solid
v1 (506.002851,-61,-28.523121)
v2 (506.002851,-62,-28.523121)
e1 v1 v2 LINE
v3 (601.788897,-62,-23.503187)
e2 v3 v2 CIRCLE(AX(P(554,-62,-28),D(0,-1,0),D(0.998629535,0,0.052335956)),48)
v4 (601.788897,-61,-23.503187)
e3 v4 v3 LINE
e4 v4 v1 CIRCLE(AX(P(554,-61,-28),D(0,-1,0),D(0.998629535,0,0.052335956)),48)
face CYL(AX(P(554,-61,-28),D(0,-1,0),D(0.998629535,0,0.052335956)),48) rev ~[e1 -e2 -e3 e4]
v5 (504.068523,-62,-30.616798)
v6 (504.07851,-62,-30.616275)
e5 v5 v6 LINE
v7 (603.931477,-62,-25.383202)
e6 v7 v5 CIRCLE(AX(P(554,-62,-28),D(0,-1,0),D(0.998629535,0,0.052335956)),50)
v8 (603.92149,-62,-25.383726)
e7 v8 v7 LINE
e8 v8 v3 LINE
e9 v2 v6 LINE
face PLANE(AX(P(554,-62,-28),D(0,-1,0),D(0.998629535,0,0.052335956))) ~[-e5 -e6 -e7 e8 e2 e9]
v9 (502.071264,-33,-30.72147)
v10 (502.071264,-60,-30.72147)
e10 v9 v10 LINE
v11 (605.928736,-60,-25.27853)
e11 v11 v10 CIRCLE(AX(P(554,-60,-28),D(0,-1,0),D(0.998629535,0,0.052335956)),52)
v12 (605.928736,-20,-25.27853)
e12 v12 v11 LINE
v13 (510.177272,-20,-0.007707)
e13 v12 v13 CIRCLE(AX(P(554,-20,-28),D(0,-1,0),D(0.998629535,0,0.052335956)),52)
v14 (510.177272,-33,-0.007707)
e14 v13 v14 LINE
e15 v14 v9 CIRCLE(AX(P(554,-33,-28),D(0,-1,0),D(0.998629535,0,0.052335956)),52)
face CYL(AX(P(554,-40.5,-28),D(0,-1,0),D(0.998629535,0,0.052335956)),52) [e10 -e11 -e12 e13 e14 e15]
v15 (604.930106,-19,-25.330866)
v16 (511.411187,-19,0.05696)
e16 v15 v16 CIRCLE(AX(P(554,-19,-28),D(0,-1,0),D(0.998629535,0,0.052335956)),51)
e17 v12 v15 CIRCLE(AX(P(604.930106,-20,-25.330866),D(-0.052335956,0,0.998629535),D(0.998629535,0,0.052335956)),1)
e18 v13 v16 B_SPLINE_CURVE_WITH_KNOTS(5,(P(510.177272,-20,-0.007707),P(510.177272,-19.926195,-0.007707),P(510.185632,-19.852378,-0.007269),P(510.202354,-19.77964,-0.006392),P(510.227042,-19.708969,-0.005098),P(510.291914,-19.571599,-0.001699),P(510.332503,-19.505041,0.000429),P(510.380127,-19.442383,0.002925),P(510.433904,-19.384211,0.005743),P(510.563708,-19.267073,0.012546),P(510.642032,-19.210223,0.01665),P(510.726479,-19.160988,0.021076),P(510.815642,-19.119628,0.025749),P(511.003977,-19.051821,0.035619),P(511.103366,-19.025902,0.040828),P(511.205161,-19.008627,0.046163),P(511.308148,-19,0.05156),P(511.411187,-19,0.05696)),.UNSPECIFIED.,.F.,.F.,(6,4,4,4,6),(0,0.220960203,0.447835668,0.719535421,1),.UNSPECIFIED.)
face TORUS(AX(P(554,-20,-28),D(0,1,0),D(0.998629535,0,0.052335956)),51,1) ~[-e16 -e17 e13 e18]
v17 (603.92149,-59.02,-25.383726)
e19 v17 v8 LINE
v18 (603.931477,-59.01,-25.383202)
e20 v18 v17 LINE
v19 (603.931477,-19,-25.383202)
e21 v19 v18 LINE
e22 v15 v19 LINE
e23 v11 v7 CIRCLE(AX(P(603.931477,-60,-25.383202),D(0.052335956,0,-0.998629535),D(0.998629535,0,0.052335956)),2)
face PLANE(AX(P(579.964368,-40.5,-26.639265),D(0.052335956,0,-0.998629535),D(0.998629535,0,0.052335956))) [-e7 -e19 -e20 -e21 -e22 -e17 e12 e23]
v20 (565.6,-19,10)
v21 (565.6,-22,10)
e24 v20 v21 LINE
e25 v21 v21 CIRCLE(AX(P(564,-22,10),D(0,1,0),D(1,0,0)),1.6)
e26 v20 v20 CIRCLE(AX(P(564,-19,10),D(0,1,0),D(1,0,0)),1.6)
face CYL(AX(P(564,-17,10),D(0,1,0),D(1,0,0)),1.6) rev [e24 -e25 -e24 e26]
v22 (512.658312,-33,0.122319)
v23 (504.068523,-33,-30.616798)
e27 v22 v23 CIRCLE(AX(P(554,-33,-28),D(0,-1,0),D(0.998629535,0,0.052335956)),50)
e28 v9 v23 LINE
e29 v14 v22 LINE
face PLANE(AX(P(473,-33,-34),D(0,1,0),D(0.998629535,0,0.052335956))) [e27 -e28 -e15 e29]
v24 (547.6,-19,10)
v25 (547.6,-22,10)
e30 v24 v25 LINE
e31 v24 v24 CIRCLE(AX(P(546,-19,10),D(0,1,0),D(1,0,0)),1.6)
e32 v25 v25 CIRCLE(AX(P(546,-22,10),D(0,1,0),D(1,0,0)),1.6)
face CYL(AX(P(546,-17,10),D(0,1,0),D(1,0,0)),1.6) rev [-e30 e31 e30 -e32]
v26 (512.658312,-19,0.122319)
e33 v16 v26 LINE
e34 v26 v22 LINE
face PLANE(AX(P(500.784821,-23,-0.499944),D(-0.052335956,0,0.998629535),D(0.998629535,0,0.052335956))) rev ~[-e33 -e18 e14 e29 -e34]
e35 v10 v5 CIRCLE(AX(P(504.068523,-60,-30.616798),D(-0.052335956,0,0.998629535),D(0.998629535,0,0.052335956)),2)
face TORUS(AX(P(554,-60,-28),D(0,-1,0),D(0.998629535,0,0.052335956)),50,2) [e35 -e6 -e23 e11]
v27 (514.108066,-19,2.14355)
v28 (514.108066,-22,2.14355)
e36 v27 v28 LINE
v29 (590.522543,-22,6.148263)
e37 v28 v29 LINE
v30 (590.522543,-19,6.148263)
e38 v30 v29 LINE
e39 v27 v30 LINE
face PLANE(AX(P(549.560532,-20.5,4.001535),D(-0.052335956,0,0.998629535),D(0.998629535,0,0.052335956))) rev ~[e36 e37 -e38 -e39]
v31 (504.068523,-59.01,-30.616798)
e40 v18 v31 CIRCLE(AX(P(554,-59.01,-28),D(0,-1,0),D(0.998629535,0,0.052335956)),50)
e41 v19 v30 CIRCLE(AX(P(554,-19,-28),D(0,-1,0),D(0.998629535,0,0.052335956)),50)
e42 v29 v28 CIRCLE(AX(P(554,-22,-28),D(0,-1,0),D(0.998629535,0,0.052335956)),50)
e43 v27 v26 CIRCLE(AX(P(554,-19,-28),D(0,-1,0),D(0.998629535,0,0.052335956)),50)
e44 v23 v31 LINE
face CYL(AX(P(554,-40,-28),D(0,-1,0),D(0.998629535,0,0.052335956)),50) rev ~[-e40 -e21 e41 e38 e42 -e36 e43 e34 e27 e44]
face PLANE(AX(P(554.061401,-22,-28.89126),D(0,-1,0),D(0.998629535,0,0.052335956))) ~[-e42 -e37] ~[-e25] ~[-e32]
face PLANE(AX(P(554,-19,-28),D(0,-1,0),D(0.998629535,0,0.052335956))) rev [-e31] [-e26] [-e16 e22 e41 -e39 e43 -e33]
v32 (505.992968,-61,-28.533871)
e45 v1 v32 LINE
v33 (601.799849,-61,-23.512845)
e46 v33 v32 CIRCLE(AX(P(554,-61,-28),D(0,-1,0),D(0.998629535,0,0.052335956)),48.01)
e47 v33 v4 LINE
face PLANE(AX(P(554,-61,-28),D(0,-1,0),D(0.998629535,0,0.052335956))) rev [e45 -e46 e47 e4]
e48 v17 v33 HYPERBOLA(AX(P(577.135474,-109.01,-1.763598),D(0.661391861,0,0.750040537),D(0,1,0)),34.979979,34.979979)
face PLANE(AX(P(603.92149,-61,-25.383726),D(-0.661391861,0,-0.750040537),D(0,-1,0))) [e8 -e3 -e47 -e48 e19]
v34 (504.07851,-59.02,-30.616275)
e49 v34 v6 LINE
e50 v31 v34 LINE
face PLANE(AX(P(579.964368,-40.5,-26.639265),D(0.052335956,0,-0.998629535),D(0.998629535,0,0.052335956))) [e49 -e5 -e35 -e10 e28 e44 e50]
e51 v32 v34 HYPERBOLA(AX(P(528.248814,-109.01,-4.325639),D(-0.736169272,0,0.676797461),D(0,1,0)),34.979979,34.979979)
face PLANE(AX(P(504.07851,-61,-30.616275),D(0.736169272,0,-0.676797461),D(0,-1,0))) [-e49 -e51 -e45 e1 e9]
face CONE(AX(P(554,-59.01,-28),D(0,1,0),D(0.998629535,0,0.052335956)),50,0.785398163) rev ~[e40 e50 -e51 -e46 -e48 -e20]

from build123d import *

# Parameters (mm, degrees)
BOX331_W                = 59
BOX331_H                = 20
BOX331_DEPTH            = 32
BOX331_PLACEMENT_ANGLE  = 3
CYLINDER467_R           = 1.6
CYLINDER467_DEPTH       = 9
CYLINDER469_R           = 1.6
CYLINDER469_DEPTH       = 9
BOX332_W                = 128
BOX332_H                = 3
BOX332_DEPTH            = 35
BOX332_PLACEMENT_ANGLE  = 3
CYLINDER475_W           = 52
CYLINDER475_H           = 3
CYLINDER475_ANGLE       = 180
CYLINDER475_ROLL_ANGLE  = 90
CYLINDER475_PITCH_ANGLE = -3
CYLINDER474_W           = 48
CYLINDER474_H           = 2
CYLINDER474_ANGLE       = 180
CYLINDER473_W           = 50
CYLINDER473_H           = 42
CYLINDER473_ANGLE       = 180
CYLINDER472_W           = 52
CYLINDER472_H           = 43
CYLINDER472_ANGLE       = 180
CUT332_PLACEMENT_ANGLE  = 3
FILLET118_R             = 2
FILLET119_R             = 1
CHAMFER046_SIZE         = 1.99
CHAMFER047_SIZE         = 1.99


with BuildPart() as cube402:
    # Box331 → Box331 (new body)
    with BuildSketch(Plane.XY):
        with Locations((29.5, 10)):
            Rectangle(BOX331_W, BOX331_H)
    extrude(amount=BOX331_DEPTH)


with BuildPart() as cube402_1:
    # Box331 placement: moved
    add(cube402.part.moved(Location((473, -33, -34))).rotate(Axis((473, -33, -34), (0, -1, 0)), BOX331_PLACEMENT_ANGLE))


with BuildPart() as cylinder467:
    # Cylinder467 → Cylinder467 (new body)
    with BuildSketch(Plane(origin=(546, -17, 10), x_dir=(1, 0, 0), z_dir=(0, -1, 0))):
        Circle(CYLINDER467_R)
    extrude(amount=CYLINDER467_DEPTH)


with BuildPart() as fusion428:
    # Cylinder469 → Cylinder469 (new body)
    with BuildSketch(Plane(origin=(564, -17, 10), x_dir=(1, 0, 0), z_dir=(0, -1, 0))):
        Circle(CYLINDER469_R)
    extrude(amount=CYLINDER469_DEPTH)

    # Fusion428: union Cylinder467
    add(cylinder467.part)


with BuildPart() as cube403:
    # Box332 → Box332 (new body)
    with BuildSketch(Plane.XY):
        with Locations((64, 1.5)):
            Rectangle(BOX332_W, BOX332_H)
    extrude(amount=BOX332_DEPTH)


with BuildPart() as cube403_1:
    # Box332 placement: moved
    add(cube403.part.moved(Location((382, -9, -40.8))).rotate(Axis((382, -9, -40.8), (0, -1, 0)), BOX332_PLACEMENT_ANGLE))


with BuildPart() as cut333:
    # Cylinder475 → Cylinder475 (revolve)
    with BuildSketch(Plane.XZ):
        with Locations((26, 1.5)):
            Rectangle(CYLINDER475_W, CYLINDER475_H)
    revolve(axis=Axis((0, 0, 0), (0, 0, 1)), revolution_arc=CYLINDER475_ANGLE)


with BuildPart() as cut333_1:
    # Cylinder475 roll: moved
    add(cut333.part.rotate(Axis((0, 0, 0), (1, 0, 0)), CYLINDER475_ROLL_ANGLE))


with BuildPart() as cut333_2:
    # Cylinder475 pitch: moved
    add(cut333_1.part.rotate(Axis((0, 0, 0), (0, 1, 0)), CYLINDER475_PITCH_ANGLE))


with BuildPart() as cut333_3:
    # Cylinder475 placement: moved
    add(cut333_2.part.moved(Location((448.581401, -6, -35.39126))))

    # Cut333: cut Cube403
    add(cube403_1.part, mode=Mode.SUBTRACT)


with BuildPart() as cut333_4:
    # Cut333 placement: moved
    add(cut333_3.part.moved(Location((105.48, -13, 6.5))))


with BuildPart() as cylinder474:
    # Cylinder474 → Cylinder474 (revolve)
    with BuildSketch(Plane(origin=(554, -60, -28), x_dir=(1, 0, 0), z_dir=(0, 0, -1))):
        with Locations((24, 1)):
            Rectangle(CYLINDER474_W, CYLINDER474_H)
    revolve(axis=Axis((554, -60, -28), (0, -1, 0)), revolution_arc=CYLINDER474_ANGLE)


with BuildPart() as fusion429:
    # Cylinder473 → Cylinder473 (revolve)
    with BuildSketch(Plane(origin=(554, -19, -28), x_dir=(1, 0, 0), z_dir=(0, 0, -1))):
        with Locations((25, 21)):
            Rectangle(CYLINDER473_W, CYLINDER473_H)
    revolve(axis=Axis((554, -19, -28), (0, -1, 0)), revolution_arc=CYLINDER473_ANGLE)

    # Fusion429: union Cylinder474
    add(cylinder474.part)


with BuildPart() as fender_rear_left:
    # Cylinder472 → Cylinder472 (revolve)
    with BuildSketch(Plane(origin=(554, -19, -28), x_dir=(1, 0, 0), z_dir=(0, 0, -1))):
        with Locations((26, 21.5)):
            Rectangle(CYLINDER472_W, CYLINDER472_H)
    revolve(axis=Axis((554, -19, -28), (0, -1, 0)), revolution_arc=CYLINDER472_ANGLE)

    # Cut332: cut Fusion429
    add(fusion429.part, mode=Mode.SUBTRACT)


with BuildPart() as fender_rear_left_1:
    # Cut332 placement: moved
    add(fender_rear_left.part.moved(Location((-0.706169, 0, -29.032493))).rotate(Axis((-0.706169, 0, -29.032493), (0, -1, 0)), CUT332_PLACEMENT_ANGLE))

    # Fusion430: union Cut333
    add(cut333_4.part)

    # Cut336: cut Fusion428
    add(fusion428.part, mode=Mode.SUBTRACT)

    # Cut338: cut Cube402
    add(cube402_1.part, mode=Mode.SUBTRACT)

    # Fillet118
    fillet118_edges = [fender_rear_left_1.edges().sort_by_distance(p)[0] for p in [
        (551.27853, -62, 23.928736),
    ]]
    fillet(fillet118_edges, radius=FILLET118_R)

    # Fillet119
    fillet119_edges = [fender_rear_left_1.edges().sort_by_distance(p)[0] for p in [
        (567.269532, -19, 22.27842),
    ]]
    fillet(fillet119_edges, radius=FILLET119_R)

    # Chamfer046
    chamfer046_edges = [fender_rear_left_1.edges().sort_by_distance(p)[0] for p in [
        (551.383202, -61, 21.931477),
    ]]
    chamfer(chamfer046_edges, length=CHAMFER046_SIZE)

    # Chamfer047
    chamfer047_edges = [fender_rear_left_1.edges().sort_by_distance(p)[0] for p in [
        (601.934218, -61.5, -25.487874),
        (506.065782, -61.5, -30.512126),
    ]]
    chamfer(chamfer047_edges, length=CHAMFER047_SIZE)


solid = fender_rear_left_1.part
